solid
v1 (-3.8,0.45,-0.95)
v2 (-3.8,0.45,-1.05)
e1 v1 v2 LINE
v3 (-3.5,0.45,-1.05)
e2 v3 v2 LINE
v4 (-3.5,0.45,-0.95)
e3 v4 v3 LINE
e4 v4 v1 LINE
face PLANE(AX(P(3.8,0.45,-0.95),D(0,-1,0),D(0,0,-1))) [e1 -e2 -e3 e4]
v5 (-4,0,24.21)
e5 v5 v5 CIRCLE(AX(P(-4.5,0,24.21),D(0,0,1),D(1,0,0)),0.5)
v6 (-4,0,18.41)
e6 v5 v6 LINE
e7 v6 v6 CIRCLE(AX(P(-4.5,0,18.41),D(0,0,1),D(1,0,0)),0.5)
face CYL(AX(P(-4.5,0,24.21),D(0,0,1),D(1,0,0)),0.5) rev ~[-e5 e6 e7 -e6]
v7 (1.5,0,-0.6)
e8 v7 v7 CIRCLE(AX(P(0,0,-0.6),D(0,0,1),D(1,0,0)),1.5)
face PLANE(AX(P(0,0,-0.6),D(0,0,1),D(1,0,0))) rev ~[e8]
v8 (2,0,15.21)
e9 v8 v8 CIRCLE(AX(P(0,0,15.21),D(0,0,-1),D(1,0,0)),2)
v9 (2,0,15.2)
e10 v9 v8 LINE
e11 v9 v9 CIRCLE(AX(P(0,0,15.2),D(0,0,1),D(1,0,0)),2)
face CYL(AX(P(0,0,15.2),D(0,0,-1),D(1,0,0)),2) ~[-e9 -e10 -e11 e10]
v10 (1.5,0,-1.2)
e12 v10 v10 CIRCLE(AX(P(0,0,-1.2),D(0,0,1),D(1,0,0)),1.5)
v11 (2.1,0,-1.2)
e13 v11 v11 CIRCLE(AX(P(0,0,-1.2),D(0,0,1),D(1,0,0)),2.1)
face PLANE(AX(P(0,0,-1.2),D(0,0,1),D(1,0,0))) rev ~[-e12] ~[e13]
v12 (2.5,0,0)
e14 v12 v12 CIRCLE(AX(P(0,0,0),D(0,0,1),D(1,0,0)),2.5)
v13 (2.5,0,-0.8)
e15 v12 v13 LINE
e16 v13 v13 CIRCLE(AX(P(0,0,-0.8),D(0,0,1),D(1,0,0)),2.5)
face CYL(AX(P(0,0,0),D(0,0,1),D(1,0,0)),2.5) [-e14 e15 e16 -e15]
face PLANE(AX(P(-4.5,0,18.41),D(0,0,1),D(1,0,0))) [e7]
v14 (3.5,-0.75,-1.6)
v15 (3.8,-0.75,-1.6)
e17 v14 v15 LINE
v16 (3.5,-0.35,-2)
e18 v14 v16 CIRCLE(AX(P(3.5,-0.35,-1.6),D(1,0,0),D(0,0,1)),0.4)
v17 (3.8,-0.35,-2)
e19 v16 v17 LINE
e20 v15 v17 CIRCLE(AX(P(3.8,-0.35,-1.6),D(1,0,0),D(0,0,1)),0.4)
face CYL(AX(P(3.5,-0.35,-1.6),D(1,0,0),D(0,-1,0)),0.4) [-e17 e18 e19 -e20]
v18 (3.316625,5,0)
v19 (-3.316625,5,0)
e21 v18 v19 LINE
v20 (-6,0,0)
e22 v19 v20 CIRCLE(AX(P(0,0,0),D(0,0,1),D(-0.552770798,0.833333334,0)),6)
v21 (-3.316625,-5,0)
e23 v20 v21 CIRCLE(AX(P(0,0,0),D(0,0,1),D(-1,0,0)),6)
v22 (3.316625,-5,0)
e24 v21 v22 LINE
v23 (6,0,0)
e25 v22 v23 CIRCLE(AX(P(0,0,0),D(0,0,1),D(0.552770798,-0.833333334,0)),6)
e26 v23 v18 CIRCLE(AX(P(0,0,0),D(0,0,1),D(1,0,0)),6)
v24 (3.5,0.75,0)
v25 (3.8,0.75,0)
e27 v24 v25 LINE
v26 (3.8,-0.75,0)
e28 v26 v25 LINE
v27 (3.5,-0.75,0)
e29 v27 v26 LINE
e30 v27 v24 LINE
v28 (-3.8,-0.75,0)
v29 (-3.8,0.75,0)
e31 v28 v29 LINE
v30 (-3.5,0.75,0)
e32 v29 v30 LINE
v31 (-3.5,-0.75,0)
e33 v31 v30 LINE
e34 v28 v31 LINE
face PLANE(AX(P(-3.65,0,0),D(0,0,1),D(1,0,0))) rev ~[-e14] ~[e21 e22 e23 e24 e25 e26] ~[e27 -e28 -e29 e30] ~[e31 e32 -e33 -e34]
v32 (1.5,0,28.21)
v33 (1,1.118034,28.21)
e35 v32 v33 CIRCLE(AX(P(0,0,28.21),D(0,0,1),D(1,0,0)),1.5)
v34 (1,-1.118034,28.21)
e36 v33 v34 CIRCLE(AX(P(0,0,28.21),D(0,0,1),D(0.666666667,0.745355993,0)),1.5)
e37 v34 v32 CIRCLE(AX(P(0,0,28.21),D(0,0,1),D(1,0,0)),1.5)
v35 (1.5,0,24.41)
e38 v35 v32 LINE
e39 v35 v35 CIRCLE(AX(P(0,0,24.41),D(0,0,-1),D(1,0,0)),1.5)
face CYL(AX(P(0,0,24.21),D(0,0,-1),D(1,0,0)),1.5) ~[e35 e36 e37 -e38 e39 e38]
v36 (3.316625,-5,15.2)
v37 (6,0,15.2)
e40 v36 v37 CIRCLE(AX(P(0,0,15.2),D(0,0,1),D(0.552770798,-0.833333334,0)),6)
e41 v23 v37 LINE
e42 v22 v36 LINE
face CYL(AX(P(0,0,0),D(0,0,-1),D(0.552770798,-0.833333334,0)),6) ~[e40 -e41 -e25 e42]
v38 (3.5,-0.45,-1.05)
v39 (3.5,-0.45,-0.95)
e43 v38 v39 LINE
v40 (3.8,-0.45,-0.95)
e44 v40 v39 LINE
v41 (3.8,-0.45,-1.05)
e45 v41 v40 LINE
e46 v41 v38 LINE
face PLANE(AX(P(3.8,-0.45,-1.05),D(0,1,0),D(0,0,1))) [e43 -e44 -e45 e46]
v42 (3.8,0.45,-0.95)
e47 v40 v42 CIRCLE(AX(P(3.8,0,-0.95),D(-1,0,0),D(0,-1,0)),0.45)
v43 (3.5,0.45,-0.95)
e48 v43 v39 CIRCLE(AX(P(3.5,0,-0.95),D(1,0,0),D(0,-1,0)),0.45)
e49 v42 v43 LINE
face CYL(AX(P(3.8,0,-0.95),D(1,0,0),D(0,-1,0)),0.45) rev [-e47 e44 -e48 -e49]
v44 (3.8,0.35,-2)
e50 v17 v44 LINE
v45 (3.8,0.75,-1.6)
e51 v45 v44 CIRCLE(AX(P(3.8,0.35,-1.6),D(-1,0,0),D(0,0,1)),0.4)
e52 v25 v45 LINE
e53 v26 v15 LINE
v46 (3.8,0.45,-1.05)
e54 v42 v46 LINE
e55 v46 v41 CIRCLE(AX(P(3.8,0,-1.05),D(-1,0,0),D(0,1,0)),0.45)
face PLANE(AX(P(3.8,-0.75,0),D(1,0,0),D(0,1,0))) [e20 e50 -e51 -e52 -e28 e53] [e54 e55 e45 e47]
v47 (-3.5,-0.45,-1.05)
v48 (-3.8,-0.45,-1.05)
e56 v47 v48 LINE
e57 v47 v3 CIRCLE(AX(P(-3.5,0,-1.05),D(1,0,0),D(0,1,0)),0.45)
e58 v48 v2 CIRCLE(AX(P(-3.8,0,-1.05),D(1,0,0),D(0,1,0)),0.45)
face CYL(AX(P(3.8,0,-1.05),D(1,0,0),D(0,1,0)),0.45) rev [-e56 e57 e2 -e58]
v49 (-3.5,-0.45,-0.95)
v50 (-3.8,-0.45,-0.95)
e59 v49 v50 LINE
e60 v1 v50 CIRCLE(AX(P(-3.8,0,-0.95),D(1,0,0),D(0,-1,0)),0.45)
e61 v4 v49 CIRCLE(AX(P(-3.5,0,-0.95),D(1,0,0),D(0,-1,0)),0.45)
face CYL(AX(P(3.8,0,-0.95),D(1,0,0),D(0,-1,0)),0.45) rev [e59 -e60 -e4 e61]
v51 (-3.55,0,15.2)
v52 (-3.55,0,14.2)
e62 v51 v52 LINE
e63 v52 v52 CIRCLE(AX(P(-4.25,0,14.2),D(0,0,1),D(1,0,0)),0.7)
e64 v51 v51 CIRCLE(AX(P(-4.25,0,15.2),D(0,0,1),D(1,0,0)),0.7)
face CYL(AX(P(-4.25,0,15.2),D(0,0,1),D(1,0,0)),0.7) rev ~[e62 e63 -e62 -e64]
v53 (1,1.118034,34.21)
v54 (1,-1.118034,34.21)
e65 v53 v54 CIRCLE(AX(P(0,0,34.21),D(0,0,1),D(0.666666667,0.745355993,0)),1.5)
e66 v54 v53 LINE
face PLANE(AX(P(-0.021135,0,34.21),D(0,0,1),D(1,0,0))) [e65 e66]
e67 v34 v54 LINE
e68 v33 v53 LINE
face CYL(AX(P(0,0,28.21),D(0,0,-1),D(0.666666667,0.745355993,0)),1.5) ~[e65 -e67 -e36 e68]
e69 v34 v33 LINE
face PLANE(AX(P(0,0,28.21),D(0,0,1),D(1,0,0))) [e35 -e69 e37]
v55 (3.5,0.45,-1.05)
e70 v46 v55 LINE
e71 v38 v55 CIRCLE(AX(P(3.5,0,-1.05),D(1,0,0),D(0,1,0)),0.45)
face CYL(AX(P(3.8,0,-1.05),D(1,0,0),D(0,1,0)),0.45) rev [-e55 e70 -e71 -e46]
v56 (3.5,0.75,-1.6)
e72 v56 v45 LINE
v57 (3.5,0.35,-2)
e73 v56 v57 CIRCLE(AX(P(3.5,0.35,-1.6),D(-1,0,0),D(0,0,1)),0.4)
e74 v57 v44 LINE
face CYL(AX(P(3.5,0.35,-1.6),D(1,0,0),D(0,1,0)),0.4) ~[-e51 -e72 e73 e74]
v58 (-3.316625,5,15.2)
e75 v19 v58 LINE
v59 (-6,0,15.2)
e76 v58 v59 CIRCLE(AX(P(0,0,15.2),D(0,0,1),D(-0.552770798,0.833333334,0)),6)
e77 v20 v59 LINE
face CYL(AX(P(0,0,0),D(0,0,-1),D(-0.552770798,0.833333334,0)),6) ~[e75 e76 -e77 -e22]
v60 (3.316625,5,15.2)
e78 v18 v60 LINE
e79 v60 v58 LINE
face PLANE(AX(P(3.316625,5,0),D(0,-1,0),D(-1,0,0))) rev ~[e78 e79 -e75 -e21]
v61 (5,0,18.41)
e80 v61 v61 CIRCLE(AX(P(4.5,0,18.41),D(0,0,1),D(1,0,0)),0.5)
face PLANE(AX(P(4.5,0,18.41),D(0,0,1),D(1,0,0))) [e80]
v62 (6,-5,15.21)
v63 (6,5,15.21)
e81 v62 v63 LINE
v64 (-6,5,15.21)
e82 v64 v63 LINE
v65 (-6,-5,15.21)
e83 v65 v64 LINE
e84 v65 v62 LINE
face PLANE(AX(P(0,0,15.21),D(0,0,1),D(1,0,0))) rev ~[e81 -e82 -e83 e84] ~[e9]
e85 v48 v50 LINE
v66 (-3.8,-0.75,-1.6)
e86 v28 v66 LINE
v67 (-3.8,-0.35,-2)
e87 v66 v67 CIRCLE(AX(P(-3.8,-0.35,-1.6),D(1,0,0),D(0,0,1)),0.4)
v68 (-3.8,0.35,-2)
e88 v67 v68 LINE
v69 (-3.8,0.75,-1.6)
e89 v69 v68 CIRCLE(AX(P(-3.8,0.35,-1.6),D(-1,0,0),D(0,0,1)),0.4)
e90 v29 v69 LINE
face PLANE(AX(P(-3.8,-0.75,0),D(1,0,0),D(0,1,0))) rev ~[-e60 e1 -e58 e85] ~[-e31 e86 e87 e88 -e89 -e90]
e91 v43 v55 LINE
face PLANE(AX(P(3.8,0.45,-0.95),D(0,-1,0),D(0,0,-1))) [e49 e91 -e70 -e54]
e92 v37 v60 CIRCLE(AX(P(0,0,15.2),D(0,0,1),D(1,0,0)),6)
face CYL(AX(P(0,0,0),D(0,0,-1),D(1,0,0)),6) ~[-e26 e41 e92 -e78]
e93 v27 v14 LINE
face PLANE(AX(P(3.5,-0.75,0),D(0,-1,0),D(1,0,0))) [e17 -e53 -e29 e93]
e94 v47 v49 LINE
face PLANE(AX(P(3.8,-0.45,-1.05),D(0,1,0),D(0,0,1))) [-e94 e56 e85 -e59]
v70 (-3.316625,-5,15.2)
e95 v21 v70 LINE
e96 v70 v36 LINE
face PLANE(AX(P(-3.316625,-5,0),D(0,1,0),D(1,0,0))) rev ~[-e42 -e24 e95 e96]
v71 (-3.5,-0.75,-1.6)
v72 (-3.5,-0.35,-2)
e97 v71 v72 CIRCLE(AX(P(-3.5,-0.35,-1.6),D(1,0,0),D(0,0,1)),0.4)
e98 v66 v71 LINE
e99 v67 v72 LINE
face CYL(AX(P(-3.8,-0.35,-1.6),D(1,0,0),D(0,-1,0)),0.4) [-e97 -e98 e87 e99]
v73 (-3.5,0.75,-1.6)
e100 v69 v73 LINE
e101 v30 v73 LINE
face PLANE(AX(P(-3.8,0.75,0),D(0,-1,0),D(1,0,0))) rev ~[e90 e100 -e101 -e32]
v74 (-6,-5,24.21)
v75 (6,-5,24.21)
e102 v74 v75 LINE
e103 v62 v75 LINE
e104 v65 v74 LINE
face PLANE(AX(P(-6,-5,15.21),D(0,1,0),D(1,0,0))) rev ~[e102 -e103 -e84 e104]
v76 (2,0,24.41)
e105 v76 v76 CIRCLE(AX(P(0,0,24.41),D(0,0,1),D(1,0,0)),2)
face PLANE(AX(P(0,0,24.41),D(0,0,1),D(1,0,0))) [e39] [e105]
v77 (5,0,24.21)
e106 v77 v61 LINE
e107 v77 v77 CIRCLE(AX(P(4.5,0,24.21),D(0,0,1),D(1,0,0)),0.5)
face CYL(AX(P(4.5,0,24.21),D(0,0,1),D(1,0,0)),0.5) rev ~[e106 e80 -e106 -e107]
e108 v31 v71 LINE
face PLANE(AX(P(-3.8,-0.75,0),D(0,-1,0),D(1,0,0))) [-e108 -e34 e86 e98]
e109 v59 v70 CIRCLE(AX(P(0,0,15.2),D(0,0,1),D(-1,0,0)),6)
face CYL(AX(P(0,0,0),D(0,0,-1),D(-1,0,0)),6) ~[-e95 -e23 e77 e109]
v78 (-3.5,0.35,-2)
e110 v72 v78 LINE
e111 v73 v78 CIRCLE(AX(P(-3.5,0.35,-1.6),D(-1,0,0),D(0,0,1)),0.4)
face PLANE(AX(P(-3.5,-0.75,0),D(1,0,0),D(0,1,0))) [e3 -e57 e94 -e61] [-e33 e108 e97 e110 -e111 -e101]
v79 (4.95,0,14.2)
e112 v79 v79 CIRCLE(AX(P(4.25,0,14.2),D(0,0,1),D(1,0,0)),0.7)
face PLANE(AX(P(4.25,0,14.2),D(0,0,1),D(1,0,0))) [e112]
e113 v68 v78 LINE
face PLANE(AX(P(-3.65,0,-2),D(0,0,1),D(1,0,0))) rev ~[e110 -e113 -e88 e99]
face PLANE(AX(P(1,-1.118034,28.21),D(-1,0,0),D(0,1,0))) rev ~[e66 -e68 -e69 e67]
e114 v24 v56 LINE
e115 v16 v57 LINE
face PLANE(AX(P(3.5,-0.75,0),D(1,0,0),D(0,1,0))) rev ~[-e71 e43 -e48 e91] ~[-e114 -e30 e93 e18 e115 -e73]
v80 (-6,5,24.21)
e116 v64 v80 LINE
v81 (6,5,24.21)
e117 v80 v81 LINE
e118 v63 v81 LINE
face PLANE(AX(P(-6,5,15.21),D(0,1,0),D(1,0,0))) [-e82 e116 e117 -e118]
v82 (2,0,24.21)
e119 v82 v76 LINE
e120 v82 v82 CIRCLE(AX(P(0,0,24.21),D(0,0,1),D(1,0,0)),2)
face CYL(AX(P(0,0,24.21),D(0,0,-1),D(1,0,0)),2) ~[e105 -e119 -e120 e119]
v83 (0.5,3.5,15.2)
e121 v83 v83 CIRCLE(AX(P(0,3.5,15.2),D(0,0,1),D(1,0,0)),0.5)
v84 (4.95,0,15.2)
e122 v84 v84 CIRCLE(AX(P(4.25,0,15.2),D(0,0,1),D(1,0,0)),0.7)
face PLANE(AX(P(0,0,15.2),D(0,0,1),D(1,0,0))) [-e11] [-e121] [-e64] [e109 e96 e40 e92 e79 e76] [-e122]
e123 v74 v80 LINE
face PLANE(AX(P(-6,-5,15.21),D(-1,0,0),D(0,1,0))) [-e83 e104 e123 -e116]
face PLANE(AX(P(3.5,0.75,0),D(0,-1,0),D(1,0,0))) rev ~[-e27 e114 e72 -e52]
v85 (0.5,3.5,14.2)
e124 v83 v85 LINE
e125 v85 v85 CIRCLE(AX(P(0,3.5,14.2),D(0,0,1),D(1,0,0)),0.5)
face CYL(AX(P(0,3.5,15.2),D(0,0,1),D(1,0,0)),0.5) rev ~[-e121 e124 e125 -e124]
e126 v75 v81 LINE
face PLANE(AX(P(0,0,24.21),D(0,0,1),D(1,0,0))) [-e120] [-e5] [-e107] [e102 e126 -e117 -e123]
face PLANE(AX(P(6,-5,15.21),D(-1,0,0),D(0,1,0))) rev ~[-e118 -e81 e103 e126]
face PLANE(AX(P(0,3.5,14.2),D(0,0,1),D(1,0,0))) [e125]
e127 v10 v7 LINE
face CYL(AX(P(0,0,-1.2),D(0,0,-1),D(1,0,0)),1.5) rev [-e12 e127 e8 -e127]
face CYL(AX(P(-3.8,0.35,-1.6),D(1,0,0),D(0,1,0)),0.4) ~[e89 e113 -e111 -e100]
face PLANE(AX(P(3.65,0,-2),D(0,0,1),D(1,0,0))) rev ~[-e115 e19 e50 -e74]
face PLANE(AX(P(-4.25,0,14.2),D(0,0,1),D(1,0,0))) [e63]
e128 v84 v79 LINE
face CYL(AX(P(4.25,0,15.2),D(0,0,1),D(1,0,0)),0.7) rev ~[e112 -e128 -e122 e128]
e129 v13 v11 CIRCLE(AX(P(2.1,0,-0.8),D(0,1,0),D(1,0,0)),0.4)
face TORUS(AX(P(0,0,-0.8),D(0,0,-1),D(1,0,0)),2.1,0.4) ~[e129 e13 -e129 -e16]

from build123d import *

# Parameters (mm, degrees)
SKETCH_1_W          = 0.3
SKETCH_1_H          = 1.5
SKETCH_1_R          = 2.5
SKETCH_1_R_2        = 1.5
EXTRUDE_1_DEPTH     = 15.2
SKETCH_1_4_W        = 0.3
SKETCH_1_4_H        = 1.5
EXTRUDE_2_DEPTH     = 2
CUT_EXTRUDE_2_DEPTH = 19.763794925
FILLET_1_R          = 0.4
SKETCH_1_5_R        = 2.5
SKETCH_1_5_R_2      = 1.5
EXTRUDE_3_DEPTH     = 1.2
CUT_EXTRUDE_START   = -1.2
SKETCH_1_7_R        = 1.5
CUT_EXTRUDE_1_DEPTH = 0.6
FILLET_2_R          = 0.4
SKETCH_3_R          = 2
EXTRUDE_4_DEPTH     = 0.5
SKETCH_3_3_R        = 0.5
EXTRUDE_5_DEPTH     = 3
SKETCH_4_R          = 0.7
SKETCH_4_R_2        = 0.5
CUT_EXTRUDE_3_DEPTH = 1
EXTRUDE_START       = 0.01
SKETCH_5_W          = 12
SKETCH_5_H          = 10
EXTRUDE_6_DEPTH     = 9
SKETCH_6_R          = 2
EXTRUDE_7_DEPTH     = 0.2
SKETCH_6_4_R        = 1.5
EXTRUDE_8_DEPTH     = 4
EXTRUDE_START_2     = 4
EXTRUDE_9_DEPTH     = 6
SKETCH_7_R          = 0.5
CUT_EXTRUDE_5_DEPTH = 5.8


with BuildPart() as part:
    # 草图1 → 凸台-拉伸1 (new body)
    # profile 1 of 5: a face of its own
    with BuildSketch(Plane.XY):
        with BuildLine():
            ThreePointArc((-6, 0), (-5.286764074, -2.837274331), (-3.31662479, -5))
            Line((-3.31662479, -5), (3.31662479, -5))
            ThreePointArc((3.31662479, -5), (5.286764074, -2.837274331), (6, 0))
            ThreePointArc((6, 0), (5.286764074, 2.837274331), (3.31662479, 5))
            Line((3.31662479, 5), (-3.31662479, 5))
            ThreePointArc((-3.31662479, 5), (-5.286764074, 2.837274331), (-6, 0))
        make_face()
        with Locations((-3.65, 0)):
            Rectangle(SKETCH_1_W, SKETCH_1_H, mode=Mode.SUBTRACT)
        Circle(SKETCH_1_R, mode=Mode.SUBTRACT)
        with Locations((3.65, 0)):
            Rectangle(SKETCH_1_W, SKETCH_1_H, mode=Mode.SUBTRACT)
    # profile 2 of 5: a face of its own
    with BuildSketch(Plane.XY):
        Circle(SKETCH_1_R)
        Circle(SKETCH_1_R_2, mode=Mode.SUBTRACT)
    # profile 3 of 5: a face of its own
    with BuildSketch(Plane.XY):
        Circle(SKETCH_1_R_2)
    # profile 4 of 5: a face of its own
    with BuildSketch(Plane.XY):
        with Locations((3.65, 0)):
            Rectangle(SKETCH_1_W, SKETCH_1_H)
    # profile 5 of 5: a face of its own
    with BuildSketch(Plane.XY):
        with Locations((-3.65, 0)):
            Rectangle(SKETCH_1_W, SKETCH_1_H)
    extrude(amount=EXTRUDE_1_DEPTH)

    # 草图1<4> → 凸台-拉伸2 (add)
    with BuildSketch(Plane.XY):
        with Locations((3.65, 0)):
            Rectangle(SKETCH_1_4_W, SKETCH_1_4_H)
        with Locations((-3.65, 0)):
            Rectangle(SKETCH_1_4_W, SKETCH_1_4_H)
    extrude(amount=-EXTRUDE_2_DEPTH)

    # 草图2 → 切除-拉伸2 (cut, through all)
    with BuildSketch(Plane(origin=(3.8, 0, 0), x_dir=(0, 0, -1), z_dir=(1, 0, 0))):
        with BuildLine():
            Line((0.95, 0.45), (1.05, 0.45))
            ThreePointArc((1.05, 0.45), (1.5, 0), (1.05, -0.45))
            Line((1.05, -0.45), (0.95, -0.45))
            ThreePointArc((0.95, -0.45), (0.5, 0), (0.95, 0.45))
        make_face()
    extrude(amount=-CUT_EXTRUDE_2_DEPTH, mode=Mode.SUBTRACT)

    # 圆角1
    fillet_1_edges = [part.edges().sort_by_distance(p)[0] for p in [
        (3.65, -0.75, -2),
        (3.65, 0.75, -2),
        (-3.65, -0.75, -2),
        (-3.65, 0.75, -2),
    ]]
    fillet(fillet_1_edges, radius=FILLET_1_R)

    # 草图1<5> → 凸台-拉伸3 (add)
    # profile 1 of 2: a face of its own
    with BuildSketch(Plane.XY):
        Circle(SKETCH_1_5_R)
        Circle(SKETCH_1_5_R_2, mode=Mode.SUBTRACT)
    # profile 2 of 2: a face of its own
    with BuildSketch(Plane.XY):
        Circle(SKETCH_1_5_R_2)
    extrude(amount=-EXTRUDE_3_DEPTH)

    # 草图1<7> → 切除-拉伸1 (cut)
    with BuildSketch(Plane.XY.offset(CUT_EXTRUDE_START)):
        Circle(SKETCH_1_7_R)
    extrude(amount=CUT_EXTRUDE_1_DEPTH, mode=Mode.SUBTRACT)

    # 圆角2
    fillet_2_edges = [part.edges().sort_by_distance(p)[0] for p in [
        (-2.5, 0, -1.2),
    ]]
    fillet(fillet_2_edges, radius=FILLET_2_R)

    # 草图3 → 凸台-拉伸4 (add)
    with BuildSketch(Plane.XY.offset(15.2)):
        Circle(SKETCH_3_R)
    extrude(amount=EXTRUDE_4_DEPTH)

    # 草图3<3> → 凸台-拉伸5 (add)
    with BuildSketch(Plane.XY.offset(15.2)):
        Circle(SKETCH_3_3_R)
    extrude(amount=EXTRUDE_5_DEPTH)

    # 草图4 → 切除-拉伸3 (cut)
    with BuildSketch(Plane.XY.offset(15.2)):
        with Locations((-4.25, 0)):
            Circle(SKETCH_4_R)
        with Locations((4.25, 0)):
            Circle(SKETCH_4_R)
        with Locations((0, 3.5)):
            Circle(SKETCH_4_R_2)
    extrude(amount=-CUT_EXTRUDE_3_DEPTH, mode=Mode.SUBTRACT)

    # 草图5 → 凸台-拉伸6 (add)
    with BuildSketch(Plane.XY.offset(15.2).offset(EXTRUDE_START)):
        Rectangle(SKETCH_5_W, SKETCH_5_H)
    extrude(amount=EXTRUDE_6_DEPTH)

    # 草图6 → 凸台-拉伸7 (add)
    with BuildSketch(Plane.XY.offset(24.21)):
        Circle(SKETCH_6_R)
    extrude(amount=EXTRUDE_7_DEPTH)

    # 草图6<4> → 凸台-拉伸8 (add)
    with BuildSketch(Plane.XY.offset(24.21)):
        Circle(SKETCH_6_4_R)
    extrude(amount=EXTRUDE_8_DEPTH)

    # 草图6<5> → 凸台-拉伸9 (add)
    with BuildSketch(Plane.XY.offset(24.21).offset(EXTRUDE_START_2)):
        with BuildLine():
            Line((1, -1.118033989), (1, 1.118033989))
            ThreePointArc((1, 1.118033989), (-1.5, 0), (1, -1.118033989))
        make_face()
    extrude(amount=EXTRUDE_9_DEPTH)

    # 草图7 → 切除-拉伸5 (cut)
    with BuildSketch(Plane.XY.offset(24.21)):
        with Locations((-4.5, 0)):
            Circle(SKETCH_7_R)
        with Locations((4.5, 0)):
            Circle(SKETCH_7_R)
    extrude(amount=-CUT_EXTRUDE_5_DEPTH, mode=Mode.SUBTRACT)


solid = part.part
